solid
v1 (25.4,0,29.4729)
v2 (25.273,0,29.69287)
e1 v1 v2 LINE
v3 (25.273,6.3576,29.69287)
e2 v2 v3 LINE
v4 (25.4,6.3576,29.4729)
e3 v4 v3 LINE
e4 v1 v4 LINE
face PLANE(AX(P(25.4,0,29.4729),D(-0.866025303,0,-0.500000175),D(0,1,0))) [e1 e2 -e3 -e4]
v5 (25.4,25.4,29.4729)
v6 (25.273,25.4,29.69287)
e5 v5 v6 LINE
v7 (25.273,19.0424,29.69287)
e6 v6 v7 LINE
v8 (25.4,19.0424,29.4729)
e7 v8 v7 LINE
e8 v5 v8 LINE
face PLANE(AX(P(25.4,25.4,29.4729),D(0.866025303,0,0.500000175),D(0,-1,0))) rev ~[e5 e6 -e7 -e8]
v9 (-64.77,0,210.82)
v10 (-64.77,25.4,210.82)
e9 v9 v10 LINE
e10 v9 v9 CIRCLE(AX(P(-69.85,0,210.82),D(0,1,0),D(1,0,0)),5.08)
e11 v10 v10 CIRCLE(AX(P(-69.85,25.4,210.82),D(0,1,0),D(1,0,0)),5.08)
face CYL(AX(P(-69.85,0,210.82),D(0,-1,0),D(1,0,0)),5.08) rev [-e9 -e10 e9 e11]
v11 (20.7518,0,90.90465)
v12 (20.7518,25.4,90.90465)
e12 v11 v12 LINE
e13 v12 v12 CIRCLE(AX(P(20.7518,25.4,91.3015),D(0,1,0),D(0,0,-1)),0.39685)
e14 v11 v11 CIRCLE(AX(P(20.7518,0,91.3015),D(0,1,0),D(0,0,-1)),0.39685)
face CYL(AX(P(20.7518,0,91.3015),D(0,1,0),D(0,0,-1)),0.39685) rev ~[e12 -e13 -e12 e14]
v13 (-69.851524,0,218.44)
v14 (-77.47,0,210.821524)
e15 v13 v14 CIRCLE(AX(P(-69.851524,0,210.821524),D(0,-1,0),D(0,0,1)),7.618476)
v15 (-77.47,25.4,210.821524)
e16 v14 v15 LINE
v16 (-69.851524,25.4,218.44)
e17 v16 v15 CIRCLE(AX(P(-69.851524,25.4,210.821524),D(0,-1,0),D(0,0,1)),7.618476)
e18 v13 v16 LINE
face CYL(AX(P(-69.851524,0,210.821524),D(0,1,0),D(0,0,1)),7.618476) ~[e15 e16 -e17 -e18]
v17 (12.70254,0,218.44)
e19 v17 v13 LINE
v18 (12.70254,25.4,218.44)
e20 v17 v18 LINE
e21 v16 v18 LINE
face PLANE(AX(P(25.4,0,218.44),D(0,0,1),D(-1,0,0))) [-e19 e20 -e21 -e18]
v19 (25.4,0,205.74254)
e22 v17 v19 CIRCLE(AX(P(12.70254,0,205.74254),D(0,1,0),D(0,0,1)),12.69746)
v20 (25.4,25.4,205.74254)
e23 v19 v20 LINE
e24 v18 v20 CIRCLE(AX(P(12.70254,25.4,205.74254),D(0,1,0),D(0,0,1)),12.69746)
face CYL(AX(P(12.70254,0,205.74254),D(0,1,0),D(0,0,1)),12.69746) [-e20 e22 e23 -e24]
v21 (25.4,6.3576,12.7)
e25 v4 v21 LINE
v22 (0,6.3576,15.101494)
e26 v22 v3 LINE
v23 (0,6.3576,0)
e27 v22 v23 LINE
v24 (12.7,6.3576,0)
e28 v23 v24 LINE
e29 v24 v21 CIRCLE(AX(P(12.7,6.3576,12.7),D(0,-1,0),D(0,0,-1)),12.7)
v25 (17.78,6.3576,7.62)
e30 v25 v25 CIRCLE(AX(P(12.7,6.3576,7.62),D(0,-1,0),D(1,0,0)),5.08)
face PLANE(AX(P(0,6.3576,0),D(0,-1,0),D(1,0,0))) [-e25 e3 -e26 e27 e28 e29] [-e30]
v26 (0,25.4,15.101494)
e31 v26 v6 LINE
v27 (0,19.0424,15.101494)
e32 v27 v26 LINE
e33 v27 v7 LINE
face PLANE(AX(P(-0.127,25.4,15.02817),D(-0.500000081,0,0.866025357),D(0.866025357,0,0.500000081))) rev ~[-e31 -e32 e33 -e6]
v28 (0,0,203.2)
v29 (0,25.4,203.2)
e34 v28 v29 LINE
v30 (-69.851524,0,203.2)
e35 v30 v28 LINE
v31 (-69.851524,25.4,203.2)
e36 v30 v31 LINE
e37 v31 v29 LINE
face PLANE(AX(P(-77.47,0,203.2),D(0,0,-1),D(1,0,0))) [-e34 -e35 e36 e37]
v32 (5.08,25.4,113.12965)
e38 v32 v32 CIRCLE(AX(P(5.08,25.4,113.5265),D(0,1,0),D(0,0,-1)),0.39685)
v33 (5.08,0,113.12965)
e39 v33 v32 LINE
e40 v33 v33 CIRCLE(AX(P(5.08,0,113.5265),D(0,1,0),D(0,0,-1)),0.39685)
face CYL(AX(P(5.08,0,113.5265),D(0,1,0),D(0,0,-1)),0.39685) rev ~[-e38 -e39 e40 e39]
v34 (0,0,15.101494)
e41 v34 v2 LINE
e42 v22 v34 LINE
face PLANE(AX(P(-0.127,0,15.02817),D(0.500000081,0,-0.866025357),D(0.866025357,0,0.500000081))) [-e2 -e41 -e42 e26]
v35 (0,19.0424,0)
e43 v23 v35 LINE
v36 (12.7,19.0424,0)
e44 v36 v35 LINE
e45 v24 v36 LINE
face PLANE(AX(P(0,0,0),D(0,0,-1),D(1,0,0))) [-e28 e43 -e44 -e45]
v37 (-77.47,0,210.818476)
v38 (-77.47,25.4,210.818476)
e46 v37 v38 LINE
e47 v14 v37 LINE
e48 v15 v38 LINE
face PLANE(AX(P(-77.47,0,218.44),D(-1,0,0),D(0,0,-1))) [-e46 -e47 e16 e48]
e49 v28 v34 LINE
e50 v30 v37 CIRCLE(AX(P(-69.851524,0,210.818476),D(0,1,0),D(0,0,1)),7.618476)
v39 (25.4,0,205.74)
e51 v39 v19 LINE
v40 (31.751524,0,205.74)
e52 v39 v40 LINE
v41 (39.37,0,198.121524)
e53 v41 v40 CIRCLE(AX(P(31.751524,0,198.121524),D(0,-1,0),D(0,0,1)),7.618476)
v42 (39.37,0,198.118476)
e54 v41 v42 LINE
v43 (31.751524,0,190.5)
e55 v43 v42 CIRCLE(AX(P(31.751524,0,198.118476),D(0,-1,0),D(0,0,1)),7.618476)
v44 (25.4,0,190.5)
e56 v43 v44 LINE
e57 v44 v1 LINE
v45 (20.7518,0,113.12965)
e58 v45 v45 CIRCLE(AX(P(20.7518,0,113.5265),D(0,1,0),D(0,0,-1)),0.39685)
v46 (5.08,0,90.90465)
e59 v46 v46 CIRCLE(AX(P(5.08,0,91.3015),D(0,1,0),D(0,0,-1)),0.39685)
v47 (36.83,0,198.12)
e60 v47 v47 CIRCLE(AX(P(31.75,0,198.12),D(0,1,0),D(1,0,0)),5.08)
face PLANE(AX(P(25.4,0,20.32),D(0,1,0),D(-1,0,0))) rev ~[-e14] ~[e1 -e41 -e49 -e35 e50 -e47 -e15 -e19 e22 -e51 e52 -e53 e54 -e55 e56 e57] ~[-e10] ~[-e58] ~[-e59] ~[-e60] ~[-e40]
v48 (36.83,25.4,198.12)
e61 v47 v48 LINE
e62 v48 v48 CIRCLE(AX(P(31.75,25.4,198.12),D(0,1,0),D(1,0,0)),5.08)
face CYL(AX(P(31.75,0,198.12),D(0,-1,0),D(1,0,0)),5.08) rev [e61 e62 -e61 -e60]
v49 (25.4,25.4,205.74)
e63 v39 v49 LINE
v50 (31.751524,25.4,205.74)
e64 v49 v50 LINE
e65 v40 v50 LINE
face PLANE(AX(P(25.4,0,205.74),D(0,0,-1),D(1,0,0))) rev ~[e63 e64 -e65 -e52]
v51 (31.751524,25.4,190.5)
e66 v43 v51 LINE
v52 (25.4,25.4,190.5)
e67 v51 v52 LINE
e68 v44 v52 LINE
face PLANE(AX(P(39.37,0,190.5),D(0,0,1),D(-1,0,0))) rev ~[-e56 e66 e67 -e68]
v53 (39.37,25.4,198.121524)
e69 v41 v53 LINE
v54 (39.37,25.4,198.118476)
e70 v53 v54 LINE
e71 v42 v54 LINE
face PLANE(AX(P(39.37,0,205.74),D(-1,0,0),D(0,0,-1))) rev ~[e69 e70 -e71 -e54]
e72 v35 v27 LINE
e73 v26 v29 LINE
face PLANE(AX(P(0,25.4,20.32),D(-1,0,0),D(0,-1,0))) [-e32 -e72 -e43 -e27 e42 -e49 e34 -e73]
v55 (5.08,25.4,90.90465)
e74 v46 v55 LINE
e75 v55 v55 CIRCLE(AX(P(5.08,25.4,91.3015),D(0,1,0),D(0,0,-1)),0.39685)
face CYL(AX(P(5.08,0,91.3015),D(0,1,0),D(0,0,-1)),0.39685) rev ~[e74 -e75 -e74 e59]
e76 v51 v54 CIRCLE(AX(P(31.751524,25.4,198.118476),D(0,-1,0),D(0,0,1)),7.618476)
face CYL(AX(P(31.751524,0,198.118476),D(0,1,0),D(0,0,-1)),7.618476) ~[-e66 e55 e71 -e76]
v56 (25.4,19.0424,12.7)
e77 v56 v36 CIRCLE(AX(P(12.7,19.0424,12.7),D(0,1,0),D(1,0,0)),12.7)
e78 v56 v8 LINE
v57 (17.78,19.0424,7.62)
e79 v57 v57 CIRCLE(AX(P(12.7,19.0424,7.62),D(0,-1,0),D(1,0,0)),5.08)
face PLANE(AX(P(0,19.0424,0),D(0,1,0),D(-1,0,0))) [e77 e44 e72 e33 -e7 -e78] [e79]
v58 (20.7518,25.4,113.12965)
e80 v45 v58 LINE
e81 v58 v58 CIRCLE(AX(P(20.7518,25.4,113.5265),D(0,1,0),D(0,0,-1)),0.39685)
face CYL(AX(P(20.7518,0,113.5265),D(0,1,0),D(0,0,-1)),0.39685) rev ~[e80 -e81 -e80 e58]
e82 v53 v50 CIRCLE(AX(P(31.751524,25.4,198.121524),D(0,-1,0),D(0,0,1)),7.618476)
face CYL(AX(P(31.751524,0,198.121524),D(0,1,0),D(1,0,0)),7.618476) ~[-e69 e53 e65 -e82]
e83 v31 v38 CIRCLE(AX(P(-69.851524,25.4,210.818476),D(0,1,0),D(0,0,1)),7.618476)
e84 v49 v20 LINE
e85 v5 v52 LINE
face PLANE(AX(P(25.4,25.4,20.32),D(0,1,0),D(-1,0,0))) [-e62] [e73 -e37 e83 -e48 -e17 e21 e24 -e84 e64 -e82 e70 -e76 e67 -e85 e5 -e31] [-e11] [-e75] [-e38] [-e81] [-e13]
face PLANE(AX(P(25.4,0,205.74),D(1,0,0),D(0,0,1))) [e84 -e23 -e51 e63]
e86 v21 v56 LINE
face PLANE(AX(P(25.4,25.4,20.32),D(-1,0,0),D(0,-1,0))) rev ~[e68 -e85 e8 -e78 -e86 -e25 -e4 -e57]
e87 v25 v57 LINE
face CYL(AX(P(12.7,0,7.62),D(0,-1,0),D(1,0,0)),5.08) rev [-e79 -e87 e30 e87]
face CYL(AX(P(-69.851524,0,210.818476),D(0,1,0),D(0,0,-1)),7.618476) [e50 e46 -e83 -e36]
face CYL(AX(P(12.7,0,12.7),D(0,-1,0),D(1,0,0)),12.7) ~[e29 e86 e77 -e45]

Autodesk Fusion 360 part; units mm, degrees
sketch "Sketch1" plane through (0, 0, 0) normal (0, 1, 0) x (1, 0, 0)
  line L0 (0, 0) -> (12.7, 0)
  line L1 (25.4, -12.7) -> (25.4, -218.44)
  line L2 (25.4, -218.44) -> (0, -218.44)
  line L3 (0, -218.44) -> (0, 0)
  line L4 (0, -218.44) -> (-77.47, -218.44)
  line L5 (-77.47, -218.44) -> (-77.47, -203.2)
  line L6 (-77.47, -203.2) -> (0, -203.2)
  line L7 (0, -203.2) -> (0, -218.44)
  line L8 (25.4, -205.74) -> (39.37, -205.74)
  line L9 (39.37, -205.74) -> (39.37, -190.5)
  line L10 (39.37, -190.5) -> (25.4, -190.5)
  line L11 (25.4, -190.5) -> (25.4, -205.74)
  circle A0 centre (-69.85, -210.82) radius 5.08
  circle A1 centre (31.75, -198.12) radius 5.08
  circle A2 centre (12.7, -7.62) radius 5.08
  arc A3 (25.4, -12.7) -> (12.7, 0) centre (12.7, -12.7) ccw
  point P0 (25.4, 0)
  dimension "d1" = 25.4
  dimension "d2" = 218.44
  dimension "d3" = 77.47
  dimension "d4" = 15.24
  dimension "d5" = 13.97
  dimension "d6" = 15.24
  dimension "d7" = 10.16
  dimension "d8" = 10.16
  dimension "d9" = 10.16
  dimension "d10" = 12.7
  dimension "d11" = 7.62
  dimension "d12" = 190.5
  dimension "d13" = 7.62
  dimension "d14" = 7.62
  dimension "d15" = 7.62
  dimension "d16" = 7.62
  dimension "d17" = 12.7
extrude "Extrude1" add sketch "Sketch1" along normal blind 25.4
sketch "Sketch2" plane through (0, 0, 0) normal (0, -1, 0) x (1, 0, 0)
  circle A0 centre (-69.85, 210.82) radius 5.08
  circle A1 centre (31.75, 198.12) radius 5.08
  circle A2 centre (12.7, 7.62) radius 5.08
  line L0 (39.37, 205.74) -> (25.4, 205.74)
  line L1 (25.4, 205.74) -> (25.4, 218.44)
  line L2 (25.4, 218.44) -> (-77.47, 218.44)
  line L3 (-77.47, 218.44) -> (-77.47, 203.2)
  line L4 (-77.47, 203.2) -> (0, 203.2)
  line L5 (0, 203.2) -> (0, 0)
  line L6 (0, 0) -> (12.7, 0)
  arc A3 (12.7, 0) -> (25.4, 12.7) centre (12.7, 12.7) ccw
  line L7 (25.4, 12.7) -> (25.4, 190.5)
  line L8 (25.4, 190.5) -> (39.37, 190.5)
  line L9 (39.37, 190.5) -> (39.37, 205.74)
  line L10 (0, 0) -> (0, 20.32)
  line L11 (25.4, 20.32) -> (0, 20.32)
  line L12 (25.4, 20.32) -> (25.4, 12.7)
  line L13 (0, 0) -> (12.7, 0)
  arc A4 (12.7, 0) -> (25.4, 12.7) centre (12.7, 12.7) ccw
extrude "Extrude2" cut sketch "Sketch2" against normal blind 6.3576 contours L5 L6 A3 L7 L10 L11 L12 L13 A4
sketch "Sketch3" plane through (0, 25.4, 0) normal (0, 1, 0) x (-1, 0, 0)
  circle A0 centre (69.85, 210.82) radius 5.08
  circle A1 centre (-31.75, 198.12) radius 5.08
  circle A2 centre (-12.7, 7.62) radius 5.08
  line L0 (-25.4, 205.74) -> (-39.37, 205.74)
  line L1 (-39.37, 205.74) -> (-39.37, 190.5)
  line L2 (-39.37, 190.5) -> (-25.4, 190.5)
  line L3 (-25.4, 190.5) -> (-25.4, 12.7)
  arc A3 (-25.4, 12.7) -> (-12.7, 0) centre (-12.7, 12.7) ccw
  line L4 (-12.7, 0) -> (0, 0)
  line L5 (0, 0) -> (0, 203.2)
  line L6 (0, 203.2) -> (77.47, 203.2)
  line L7 (77.47, 203.2) -> (77.47, 218.44)
  line L8 (77.47, 218.44) -> (-25.4, 218.44)
  line L9 (-25.4, 218.44) -> (-25.4, 205.74)
  line L10 (0, 0) -> (0, 20.32)
  line L11 (-25.4, 20.32) -> (0, 20.32)
  line L12 (0, 0) -> (-12.7, 0)
  line L13 (-25.4, 20.32) -> (-25.4, 12.7)
  arc A4 (-25.4, 12.7) -> (-12.7, 0) centre (-12.7, 12.7) ccw
extrude "Extrude3" cut sketch "Sketch3" against normal blind 6.3576 contours L3 A3 L4 L5 L10 L11 L12 L13 A4
extrude "Extrude4" add 1 faces at (16.9333, 2.1192, 20.32) along direction (0, 0, -1) blind 5.5118
sketch "Sketch4" plane through (0, 0, 0) normal (0, -1, 0) x (1, 0, 0)
  line L0 (25.4, 14.8082) -> (25.4, 190.5)
  line L1 (25.4, 190.5) -> (39.37, 190.5)
  line L2 (39.37, 190.5) -> (39.37, 205.74)
  line L3 (39.37, 205.74) -> (25.4, 205.74)
  line L4 (25.4, 205.74) -> (25.4, 218.44)
  line L5 (25.4, 218.44) -> (-77.47, 218.44)
  line L6 (-77.47, 218.44) -> (-77.47, 203.2)
  line L7 (-77.47, 203.2) -> (0, 203.2)
  line L8 (0, 203.2) -> (0, 14.8082)
  line L9 (0, 14.8082) -> (25.4, 14.8082)
  circle A0 centre (-69.85, 210.82) radius 5.08
  circle A1 centre (31.75, 198.12) radius 5.08
  line L10 (0, 14.8082) -> (25.4, 29.4729)
  line L11 (25.4, 29.4729) -> (0, 29.4729)
  line L12 (0, 14.8082) -> (0, 29.4729)
  dimension "d26" = 60
extrude "Extrude5" cut sketch "Sketch4" against normal blind 6.3576 contours L0 L9 L10
extrude "Extrude6" add 1 faces at (16.9333, 23.2808, 20.32) along direction (0, 0, -1) blind 5.5118
sketch "Sketch6" plane through (0, 25.4, 0) normal (0, 1, 0) x (-1, 0, 0)
  line L0 (0, 14.8082) -> (0, 203.2)
  line L1 (0, 203.2) -> (77.47, 203.2)
  line L2 (77.47, 203.2) -> (77.47, 218.44)
  line L3 (77.47, 218.44) -> (-25.4, 218.44)
  line L4 (-25.4, 218.44) -> (-25.4, 205.74)
  line L5 (-25.4, 205.74) -> (-39.37, 205.74)
  line L6 (-39.37, 205.74) -> (-39.37, 190.5)
  line L7 (-39.37, 190.5) -> (-25.4, 190.5)
  line L8 (-25.4, 190.5) -> (-25.4, 14.8082)
  line L9 (-25.4, 14.8082) -> (0, 14.8082)
  circle A0 centre (69.85, 210.82) radius 5.08
  circle A1 centre (-31.75, 198.12) radius 5.08
  line L10 (0, 14.8082) -> (-25.4, 29.4729)
  line L11 (-25.4, 29.4729) -> (0, 29.4729)
  line L12 (0, 14.8082) -> (0, 29.4729)
  dimension "d35" = 60
extrude "Extrude8" cut sketch "Sketch6" against normal blind 6.3576 contours L8 L9 L10
extrude "Extrude9" cut 2 faces at (16.9333, 4.2384, 24.5847) (16.9333, 21.1616, 24.5847) along direction (-0.5, 0, 0.866025) blind 0.254
fillet "Fillet1" radius 7.62 2 edges at (39.37, 12.7, 205.74) (39.37, 12.7, 190.5)
fillet "Fillet2" radius 7.62 2 edges at (-77.47, 12.7, 218.44) (-77.47, 12.7, 203.2)
fillet "Fillet3" radius 12.7 1 edges at (25.4, 12.7, 218.44)
sketch "Sketch7" plane through (0, 0, 0) normal (0, -1, 0) x (1, 0, 0)
  circle A0 centre (-69.85, 210.82) radius 5.08
  circle A1 centre (31.75, 198.12) radius 5.08
  arc A2 (25.4, 205.74) -> (12.7, 218.44) centre (12.7, 205.74) ccw
  line L0 (12.7, 218.44) -> (-69.85, 218.44)
  arc A3 (-69.85, 218.44) -> (-69.85, 203.2) centre (-69.85, 210.82) ccw
  line L1 (-69.85, 203.2) -> (0, 203.2)
  line L2 (0, 203.2) -> (0, 15.1015)
  line L3 (0, 15.1015) -> (25.273, 29.6929)
  line L4 (25.273, 29.6929) -> (25.4, 29.4729)
  line L5 (25.4, 29.4729) -> (25.4, 190.5)
  line L6 (25.4, 190.5) -> (31.75, 190.5)
  arc A4 (31.75, 190.5) -> (31.75, 205.74) centre (31.75, 198.12) ccw
  line L7 (31.75, 205.74) -> (25.4, 205.74)
  circle A5 centre (5.08, 91.3015) radius 0.3969
  circle A6 centre (20.7518, 91.3015) radius 0.3969
  circle A7 centre (5.08, 113.5265) radius 0.3969
  circle A8 centre (20.7518, 113.5265) radius 0.3969
  dimension "d46" = 0.7937
  dimension "d47" = 0.7937
  dimension "d48" = 0.7937
  dimension "d49" = 0.7937
  dimension "d50" = 15.6718
  dimension "d51" = 15.6718
  dimension "d52" = 22.225
  dimension "d53" = 5.08
  dimension "d54" = 76.2
hole "Hole1" at (5.08, 0, 113.5265) at (5.08, 0, 91.3015) at (20.7518, 0, 91.3015) at (20.7518, 0, 113.5265) direction (0, 1, 0) diameter 0.7937 depth 33.02 tip angle 118
